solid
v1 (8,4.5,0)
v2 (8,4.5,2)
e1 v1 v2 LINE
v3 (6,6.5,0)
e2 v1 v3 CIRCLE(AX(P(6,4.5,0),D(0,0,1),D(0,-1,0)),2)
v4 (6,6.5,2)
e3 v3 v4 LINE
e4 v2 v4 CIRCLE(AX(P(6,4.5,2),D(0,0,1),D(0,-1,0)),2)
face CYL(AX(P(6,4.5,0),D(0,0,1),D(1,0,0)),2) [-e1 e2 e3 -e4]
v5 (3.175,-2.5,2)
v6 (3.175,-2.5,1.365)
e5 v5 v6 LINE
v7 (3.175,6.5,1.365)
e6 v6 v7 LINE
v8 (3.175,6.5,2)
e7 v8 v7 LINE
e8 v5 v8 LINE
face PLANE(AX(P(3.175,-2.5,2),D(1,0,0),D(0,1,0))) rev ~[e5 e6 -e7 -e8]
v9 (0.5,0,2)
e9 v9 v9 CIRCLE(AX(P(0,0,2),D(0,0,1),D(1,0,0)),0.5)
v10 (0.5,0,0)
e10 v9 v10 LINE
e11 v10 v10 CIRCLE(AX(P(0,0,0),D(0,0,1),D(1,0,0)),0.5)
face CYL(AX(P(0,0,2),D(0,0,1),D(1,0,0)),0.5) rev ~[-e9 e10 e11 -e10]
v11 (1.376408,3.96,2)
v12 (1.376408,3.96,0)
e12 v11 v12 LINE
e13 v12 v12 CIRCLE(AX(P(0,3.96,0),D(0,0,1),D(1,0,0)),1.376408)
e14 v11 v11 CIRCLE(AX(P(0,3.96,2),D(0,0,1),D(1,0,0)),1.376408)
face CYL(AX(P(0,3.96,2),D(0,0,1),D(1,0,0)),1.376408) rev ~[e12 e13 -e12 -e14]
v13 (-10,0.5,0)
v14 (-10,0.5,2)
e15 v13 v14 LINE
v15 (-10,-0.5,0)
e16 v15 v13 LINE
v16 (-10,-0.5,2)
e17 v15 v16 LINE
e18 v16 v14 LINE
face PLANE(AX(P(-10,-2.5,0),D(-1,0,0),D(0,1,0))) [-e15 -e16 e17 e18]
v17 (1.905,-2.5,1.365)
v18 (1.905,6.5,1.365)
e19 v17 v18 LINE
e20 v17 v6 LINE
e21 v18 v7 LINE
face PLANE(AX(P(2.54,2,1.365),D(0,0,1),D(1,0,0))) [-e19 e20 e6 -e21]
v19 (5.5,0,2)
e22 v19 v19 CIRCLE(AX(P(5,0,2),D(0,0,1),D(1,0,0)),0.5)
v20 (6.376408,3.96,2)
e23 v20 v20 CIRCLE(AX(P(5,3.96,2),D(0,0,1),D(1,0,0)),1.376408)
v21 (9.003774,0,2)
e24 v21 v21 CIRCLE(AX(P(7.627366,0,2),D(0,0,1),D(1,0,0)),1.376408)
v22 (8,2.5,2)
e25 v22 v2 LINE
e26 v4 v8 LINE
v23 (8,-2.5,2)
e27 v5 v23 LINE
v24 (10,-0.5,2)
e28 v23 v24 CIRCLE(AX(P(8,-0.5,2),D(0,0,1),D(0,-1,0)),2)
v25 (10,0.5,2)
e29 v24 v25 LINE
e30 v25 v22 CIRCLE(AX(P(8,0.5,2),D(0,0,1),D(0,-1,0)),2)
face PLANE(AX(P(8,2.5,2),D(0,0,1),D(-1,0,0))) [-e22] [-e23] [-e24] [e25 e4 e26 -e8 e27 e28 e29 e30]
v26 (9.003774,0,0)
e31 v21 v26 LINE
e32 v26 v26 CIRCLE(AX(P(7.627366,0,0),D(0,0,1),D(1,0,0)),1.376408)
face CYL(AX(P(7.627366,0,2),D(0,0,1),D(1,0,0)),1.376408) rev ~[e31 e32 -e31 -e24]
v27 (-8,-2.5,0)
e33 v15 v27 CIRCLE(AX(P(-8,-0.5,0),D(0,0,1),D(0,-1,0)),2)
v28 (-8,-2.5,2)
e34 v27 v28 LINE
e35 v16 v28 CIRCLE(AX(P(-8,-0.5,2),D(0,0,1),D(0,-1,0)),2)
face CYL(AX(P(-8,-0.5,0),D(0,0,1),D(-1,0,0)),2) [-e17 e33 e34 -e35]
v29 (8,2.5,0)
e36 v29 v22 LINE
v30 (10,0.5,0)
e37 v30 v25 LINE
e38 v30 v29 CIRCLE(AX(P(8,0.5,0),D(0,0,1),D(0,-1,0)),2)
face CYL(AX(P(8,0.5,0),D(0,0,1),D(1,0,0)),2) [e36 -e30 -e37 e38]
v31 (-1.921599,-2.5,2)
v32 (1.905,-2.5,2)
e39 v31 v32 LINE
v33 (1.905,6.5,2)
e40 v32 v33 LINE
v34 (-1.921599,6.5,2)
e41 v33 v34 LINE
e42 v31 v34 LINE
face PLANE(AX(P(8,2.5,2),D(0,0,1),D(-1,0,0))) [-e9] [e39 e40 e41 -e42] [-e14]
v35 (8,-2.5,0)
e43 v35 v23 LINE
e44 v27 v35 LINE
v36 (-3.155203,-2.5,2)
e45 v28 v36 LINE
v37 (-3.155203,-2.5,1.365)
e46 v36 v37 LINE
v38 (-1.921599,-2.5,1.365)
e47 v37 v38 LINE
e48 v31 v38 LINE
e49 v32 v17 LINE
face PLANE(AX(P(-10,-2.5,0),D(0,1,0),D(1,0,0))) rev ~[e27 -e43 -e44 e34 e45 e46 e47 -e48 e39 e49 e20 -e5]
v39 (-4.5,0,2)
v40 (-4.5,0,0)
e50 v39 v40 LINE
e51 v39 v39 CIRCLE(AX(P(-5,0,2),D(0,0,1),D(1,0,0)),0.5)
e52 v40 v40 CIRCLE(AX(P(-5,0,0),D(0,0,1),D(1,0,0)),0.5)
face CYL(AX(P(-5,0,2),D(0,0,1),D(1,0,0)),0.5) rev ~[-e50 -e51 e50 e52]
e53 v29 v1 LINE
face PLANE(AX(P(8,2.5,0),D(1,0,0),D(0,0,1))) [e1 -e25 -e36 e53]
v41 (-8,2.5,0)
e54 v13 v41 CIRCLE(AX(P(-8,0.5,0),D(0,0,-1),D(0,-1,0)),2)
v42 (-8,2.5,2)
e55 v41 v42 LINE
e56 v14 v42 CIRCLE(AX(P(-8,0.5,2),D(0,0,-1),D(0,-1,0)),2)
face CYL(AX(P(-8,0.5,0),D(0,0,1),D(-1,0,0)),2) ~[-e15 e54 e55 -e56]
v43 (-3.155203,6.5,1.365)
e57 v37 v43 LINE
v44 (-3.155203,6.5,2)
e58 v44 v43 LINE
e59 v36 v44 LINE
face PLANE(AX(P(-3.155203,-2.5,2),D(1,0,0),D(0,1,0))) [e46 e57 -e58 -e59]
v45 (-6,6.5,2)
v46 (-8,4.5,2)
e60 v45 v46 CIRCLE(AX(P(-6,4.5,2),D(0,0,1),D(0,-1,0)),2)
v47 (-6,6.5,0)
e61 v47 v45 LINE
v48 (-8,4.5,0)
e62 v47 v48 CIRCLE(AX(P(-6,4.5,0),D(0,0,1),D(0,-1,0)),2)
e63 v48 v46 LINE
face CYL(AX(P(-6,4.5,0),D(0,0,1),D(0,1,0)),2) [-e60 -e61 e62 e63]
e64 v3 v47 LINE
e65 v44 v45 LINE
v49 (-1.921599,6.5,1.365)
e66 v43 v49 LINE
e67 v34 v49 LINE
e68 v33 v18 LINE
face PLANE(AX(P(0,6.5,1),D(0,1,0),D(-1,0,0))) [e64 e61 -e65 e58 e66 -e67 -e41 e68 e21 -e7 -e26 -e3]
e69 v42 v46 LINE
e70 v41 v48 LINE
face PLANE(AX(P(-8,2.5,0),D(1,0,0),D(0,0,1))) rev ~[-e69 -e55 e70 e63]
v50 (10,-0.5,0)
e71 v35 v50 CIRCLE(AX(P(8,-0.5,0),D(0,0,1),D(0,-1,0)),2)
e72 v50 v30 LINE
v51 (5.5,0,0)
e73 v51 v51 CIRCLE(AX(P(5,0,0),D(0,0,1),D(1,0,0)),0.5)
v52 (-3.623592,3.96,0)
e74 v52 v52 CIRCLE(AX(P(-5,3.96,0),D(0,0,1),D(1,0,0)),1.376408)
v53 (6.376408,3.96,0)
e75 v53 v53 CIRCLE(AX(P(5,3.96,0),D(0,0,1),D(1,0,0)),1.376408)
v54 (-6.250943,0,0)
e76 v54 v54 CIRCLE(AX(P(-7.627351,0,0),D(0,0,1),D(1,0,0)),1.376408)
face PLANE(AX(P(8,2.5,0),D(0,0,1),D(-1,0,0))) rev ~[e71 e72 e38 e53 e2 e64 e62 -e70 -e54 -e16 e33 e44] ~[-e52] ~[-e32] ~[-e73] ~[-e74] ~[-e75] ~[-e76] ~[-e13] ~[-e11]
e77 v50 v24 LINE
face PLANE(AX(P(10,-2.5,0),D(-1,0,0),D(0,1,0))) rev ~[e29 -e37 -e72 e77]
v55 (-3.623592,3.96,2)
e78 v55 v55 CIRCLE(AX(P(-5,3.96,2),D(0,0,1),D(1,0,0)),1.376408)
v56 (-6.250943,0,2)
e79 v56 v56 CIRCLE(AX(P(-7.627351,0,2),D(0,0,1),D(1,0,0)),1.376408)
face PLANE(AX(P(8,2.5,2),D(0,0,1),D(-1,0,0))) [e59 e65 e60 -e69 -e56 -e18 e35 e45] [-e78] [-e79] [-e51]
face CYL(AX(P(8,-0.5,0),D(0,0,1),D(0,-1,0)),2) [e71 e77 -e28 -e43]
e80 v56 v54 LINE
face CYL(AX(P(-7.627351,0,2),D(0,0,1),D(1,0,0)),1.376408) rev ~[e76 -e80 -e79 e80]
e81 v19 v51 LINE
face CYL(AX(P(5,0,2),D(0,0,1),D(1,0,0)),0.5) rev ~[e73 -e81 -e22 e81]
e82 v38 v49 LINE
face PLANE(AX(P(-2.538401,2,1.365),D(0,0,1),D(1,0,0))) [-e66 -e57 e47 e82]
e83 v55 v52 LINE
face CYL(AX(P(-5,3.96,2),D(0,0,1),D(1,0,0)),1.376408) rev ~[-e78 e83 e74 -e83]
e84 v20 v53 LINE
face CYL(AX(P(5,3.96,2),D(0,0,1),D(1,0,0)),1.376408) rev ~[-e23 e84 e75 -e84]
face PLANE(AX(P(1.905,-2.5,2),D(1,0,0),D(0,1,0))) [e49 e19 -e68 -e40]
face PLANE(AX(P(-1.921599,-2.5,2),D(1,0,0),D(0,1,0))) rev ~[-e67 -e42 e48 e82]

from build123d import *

# Parameters (mm, degrees)
F0_W      = 20
F0_H      = 5
F1_DEPTH  = 2
F2_R      = 2
F3_W      = 16
F3_H      = 2
F4_DEPTH  = 4
F5_R      = 2
F6_R      = 0.5
F7_DEPTH  = 2.001
F8_R      = 1.376408
F9_DEPTH  = 2.001
F11_W     = 1.233603
F11_H     = 9
F10_W     = 1.27
F10_H     = 9
F12_DEPTH = 0.635


with BuildPart() as f1:
    # F0 (on Top) → F1 (new body)
    with BuildSketch(Plane.XY):
        Rectangle(F0_W, F0_H)
    extrude(amount=F1_DEPTH)

    # F2
    f2_edges = [f1.edges().sort_by_distance(p)[0] for p in [
        (-10, -2.5, 1),
        (-10, 2.5, 1),
        (10, 2.5, 1),
        (10, -2.5, 1),
    ]]
    fillet(f2_edges, radius=F2_R)

    # F3 (on face) → F4 (join)
    with BuildSketch(Plane(origin=(0, 2.5, 0), x_dir=(-1, 0, 0), z_dir=(0, 1, 0))):
        with Locations((0, 1)):
            Rectangle(F3_W, F3_H)
    extrude(amount=F4_DEPTH)

    # F5
    f5_edges = [f1.edges().sort_by_distance(p)[0] for p in [
        (-8, 6.5, 1),
        (8, 6.5, 1),
    ]]
    fillet(f5_edges, radius=F5_R)

    # F6 (on face) → F7 (cut, through all)
    with BuildSketch(Plane.XY.offset(2)):
        Circle(F6_R)
        with Locations((-5, 0)):
            Circle(F6_R)
        with Locations((5, 0)):
            Circle(F6_R)
    extrude(amount=-F7_DEPTH, mode=Mode.SUBTRACT)

    # F8 (on face) → F9 (cut, through all)
    with BuildSketch(Plane.XY.offset(2)):
        with Locations((-7.627351, 0)):
            Circle(F8_R)
        with Locations((7.627366, 0)):
            Circle(F8_R)
        with Locations((-5, 3.96)):
            Circle(F8_R)
        with Locations((0, 3.96)):
            Circle(F8_R)
        with Locations((5, 3.96)):
            Circle(F8_R)
    extrude(amount=-F9_DEPTH, mode=Mode.SUBTRACT)

    # F11 (on face) + F10 (on face) → F12 (cut)
    with BuildSketch(Plane.XY.offset(2)):
        with Locations((-2.538401, 2)):
            Rectangle(F11_W, F11_H)
    with BuildSketch(Plane.XY.offset(2)):
        with Locations((2.54, 2)):
            Rectangle(F10_W, F10_H)
    extrude(amount=-F12_DEPTH, mode=Mode.SUBTRACT)


solid = f1.part
